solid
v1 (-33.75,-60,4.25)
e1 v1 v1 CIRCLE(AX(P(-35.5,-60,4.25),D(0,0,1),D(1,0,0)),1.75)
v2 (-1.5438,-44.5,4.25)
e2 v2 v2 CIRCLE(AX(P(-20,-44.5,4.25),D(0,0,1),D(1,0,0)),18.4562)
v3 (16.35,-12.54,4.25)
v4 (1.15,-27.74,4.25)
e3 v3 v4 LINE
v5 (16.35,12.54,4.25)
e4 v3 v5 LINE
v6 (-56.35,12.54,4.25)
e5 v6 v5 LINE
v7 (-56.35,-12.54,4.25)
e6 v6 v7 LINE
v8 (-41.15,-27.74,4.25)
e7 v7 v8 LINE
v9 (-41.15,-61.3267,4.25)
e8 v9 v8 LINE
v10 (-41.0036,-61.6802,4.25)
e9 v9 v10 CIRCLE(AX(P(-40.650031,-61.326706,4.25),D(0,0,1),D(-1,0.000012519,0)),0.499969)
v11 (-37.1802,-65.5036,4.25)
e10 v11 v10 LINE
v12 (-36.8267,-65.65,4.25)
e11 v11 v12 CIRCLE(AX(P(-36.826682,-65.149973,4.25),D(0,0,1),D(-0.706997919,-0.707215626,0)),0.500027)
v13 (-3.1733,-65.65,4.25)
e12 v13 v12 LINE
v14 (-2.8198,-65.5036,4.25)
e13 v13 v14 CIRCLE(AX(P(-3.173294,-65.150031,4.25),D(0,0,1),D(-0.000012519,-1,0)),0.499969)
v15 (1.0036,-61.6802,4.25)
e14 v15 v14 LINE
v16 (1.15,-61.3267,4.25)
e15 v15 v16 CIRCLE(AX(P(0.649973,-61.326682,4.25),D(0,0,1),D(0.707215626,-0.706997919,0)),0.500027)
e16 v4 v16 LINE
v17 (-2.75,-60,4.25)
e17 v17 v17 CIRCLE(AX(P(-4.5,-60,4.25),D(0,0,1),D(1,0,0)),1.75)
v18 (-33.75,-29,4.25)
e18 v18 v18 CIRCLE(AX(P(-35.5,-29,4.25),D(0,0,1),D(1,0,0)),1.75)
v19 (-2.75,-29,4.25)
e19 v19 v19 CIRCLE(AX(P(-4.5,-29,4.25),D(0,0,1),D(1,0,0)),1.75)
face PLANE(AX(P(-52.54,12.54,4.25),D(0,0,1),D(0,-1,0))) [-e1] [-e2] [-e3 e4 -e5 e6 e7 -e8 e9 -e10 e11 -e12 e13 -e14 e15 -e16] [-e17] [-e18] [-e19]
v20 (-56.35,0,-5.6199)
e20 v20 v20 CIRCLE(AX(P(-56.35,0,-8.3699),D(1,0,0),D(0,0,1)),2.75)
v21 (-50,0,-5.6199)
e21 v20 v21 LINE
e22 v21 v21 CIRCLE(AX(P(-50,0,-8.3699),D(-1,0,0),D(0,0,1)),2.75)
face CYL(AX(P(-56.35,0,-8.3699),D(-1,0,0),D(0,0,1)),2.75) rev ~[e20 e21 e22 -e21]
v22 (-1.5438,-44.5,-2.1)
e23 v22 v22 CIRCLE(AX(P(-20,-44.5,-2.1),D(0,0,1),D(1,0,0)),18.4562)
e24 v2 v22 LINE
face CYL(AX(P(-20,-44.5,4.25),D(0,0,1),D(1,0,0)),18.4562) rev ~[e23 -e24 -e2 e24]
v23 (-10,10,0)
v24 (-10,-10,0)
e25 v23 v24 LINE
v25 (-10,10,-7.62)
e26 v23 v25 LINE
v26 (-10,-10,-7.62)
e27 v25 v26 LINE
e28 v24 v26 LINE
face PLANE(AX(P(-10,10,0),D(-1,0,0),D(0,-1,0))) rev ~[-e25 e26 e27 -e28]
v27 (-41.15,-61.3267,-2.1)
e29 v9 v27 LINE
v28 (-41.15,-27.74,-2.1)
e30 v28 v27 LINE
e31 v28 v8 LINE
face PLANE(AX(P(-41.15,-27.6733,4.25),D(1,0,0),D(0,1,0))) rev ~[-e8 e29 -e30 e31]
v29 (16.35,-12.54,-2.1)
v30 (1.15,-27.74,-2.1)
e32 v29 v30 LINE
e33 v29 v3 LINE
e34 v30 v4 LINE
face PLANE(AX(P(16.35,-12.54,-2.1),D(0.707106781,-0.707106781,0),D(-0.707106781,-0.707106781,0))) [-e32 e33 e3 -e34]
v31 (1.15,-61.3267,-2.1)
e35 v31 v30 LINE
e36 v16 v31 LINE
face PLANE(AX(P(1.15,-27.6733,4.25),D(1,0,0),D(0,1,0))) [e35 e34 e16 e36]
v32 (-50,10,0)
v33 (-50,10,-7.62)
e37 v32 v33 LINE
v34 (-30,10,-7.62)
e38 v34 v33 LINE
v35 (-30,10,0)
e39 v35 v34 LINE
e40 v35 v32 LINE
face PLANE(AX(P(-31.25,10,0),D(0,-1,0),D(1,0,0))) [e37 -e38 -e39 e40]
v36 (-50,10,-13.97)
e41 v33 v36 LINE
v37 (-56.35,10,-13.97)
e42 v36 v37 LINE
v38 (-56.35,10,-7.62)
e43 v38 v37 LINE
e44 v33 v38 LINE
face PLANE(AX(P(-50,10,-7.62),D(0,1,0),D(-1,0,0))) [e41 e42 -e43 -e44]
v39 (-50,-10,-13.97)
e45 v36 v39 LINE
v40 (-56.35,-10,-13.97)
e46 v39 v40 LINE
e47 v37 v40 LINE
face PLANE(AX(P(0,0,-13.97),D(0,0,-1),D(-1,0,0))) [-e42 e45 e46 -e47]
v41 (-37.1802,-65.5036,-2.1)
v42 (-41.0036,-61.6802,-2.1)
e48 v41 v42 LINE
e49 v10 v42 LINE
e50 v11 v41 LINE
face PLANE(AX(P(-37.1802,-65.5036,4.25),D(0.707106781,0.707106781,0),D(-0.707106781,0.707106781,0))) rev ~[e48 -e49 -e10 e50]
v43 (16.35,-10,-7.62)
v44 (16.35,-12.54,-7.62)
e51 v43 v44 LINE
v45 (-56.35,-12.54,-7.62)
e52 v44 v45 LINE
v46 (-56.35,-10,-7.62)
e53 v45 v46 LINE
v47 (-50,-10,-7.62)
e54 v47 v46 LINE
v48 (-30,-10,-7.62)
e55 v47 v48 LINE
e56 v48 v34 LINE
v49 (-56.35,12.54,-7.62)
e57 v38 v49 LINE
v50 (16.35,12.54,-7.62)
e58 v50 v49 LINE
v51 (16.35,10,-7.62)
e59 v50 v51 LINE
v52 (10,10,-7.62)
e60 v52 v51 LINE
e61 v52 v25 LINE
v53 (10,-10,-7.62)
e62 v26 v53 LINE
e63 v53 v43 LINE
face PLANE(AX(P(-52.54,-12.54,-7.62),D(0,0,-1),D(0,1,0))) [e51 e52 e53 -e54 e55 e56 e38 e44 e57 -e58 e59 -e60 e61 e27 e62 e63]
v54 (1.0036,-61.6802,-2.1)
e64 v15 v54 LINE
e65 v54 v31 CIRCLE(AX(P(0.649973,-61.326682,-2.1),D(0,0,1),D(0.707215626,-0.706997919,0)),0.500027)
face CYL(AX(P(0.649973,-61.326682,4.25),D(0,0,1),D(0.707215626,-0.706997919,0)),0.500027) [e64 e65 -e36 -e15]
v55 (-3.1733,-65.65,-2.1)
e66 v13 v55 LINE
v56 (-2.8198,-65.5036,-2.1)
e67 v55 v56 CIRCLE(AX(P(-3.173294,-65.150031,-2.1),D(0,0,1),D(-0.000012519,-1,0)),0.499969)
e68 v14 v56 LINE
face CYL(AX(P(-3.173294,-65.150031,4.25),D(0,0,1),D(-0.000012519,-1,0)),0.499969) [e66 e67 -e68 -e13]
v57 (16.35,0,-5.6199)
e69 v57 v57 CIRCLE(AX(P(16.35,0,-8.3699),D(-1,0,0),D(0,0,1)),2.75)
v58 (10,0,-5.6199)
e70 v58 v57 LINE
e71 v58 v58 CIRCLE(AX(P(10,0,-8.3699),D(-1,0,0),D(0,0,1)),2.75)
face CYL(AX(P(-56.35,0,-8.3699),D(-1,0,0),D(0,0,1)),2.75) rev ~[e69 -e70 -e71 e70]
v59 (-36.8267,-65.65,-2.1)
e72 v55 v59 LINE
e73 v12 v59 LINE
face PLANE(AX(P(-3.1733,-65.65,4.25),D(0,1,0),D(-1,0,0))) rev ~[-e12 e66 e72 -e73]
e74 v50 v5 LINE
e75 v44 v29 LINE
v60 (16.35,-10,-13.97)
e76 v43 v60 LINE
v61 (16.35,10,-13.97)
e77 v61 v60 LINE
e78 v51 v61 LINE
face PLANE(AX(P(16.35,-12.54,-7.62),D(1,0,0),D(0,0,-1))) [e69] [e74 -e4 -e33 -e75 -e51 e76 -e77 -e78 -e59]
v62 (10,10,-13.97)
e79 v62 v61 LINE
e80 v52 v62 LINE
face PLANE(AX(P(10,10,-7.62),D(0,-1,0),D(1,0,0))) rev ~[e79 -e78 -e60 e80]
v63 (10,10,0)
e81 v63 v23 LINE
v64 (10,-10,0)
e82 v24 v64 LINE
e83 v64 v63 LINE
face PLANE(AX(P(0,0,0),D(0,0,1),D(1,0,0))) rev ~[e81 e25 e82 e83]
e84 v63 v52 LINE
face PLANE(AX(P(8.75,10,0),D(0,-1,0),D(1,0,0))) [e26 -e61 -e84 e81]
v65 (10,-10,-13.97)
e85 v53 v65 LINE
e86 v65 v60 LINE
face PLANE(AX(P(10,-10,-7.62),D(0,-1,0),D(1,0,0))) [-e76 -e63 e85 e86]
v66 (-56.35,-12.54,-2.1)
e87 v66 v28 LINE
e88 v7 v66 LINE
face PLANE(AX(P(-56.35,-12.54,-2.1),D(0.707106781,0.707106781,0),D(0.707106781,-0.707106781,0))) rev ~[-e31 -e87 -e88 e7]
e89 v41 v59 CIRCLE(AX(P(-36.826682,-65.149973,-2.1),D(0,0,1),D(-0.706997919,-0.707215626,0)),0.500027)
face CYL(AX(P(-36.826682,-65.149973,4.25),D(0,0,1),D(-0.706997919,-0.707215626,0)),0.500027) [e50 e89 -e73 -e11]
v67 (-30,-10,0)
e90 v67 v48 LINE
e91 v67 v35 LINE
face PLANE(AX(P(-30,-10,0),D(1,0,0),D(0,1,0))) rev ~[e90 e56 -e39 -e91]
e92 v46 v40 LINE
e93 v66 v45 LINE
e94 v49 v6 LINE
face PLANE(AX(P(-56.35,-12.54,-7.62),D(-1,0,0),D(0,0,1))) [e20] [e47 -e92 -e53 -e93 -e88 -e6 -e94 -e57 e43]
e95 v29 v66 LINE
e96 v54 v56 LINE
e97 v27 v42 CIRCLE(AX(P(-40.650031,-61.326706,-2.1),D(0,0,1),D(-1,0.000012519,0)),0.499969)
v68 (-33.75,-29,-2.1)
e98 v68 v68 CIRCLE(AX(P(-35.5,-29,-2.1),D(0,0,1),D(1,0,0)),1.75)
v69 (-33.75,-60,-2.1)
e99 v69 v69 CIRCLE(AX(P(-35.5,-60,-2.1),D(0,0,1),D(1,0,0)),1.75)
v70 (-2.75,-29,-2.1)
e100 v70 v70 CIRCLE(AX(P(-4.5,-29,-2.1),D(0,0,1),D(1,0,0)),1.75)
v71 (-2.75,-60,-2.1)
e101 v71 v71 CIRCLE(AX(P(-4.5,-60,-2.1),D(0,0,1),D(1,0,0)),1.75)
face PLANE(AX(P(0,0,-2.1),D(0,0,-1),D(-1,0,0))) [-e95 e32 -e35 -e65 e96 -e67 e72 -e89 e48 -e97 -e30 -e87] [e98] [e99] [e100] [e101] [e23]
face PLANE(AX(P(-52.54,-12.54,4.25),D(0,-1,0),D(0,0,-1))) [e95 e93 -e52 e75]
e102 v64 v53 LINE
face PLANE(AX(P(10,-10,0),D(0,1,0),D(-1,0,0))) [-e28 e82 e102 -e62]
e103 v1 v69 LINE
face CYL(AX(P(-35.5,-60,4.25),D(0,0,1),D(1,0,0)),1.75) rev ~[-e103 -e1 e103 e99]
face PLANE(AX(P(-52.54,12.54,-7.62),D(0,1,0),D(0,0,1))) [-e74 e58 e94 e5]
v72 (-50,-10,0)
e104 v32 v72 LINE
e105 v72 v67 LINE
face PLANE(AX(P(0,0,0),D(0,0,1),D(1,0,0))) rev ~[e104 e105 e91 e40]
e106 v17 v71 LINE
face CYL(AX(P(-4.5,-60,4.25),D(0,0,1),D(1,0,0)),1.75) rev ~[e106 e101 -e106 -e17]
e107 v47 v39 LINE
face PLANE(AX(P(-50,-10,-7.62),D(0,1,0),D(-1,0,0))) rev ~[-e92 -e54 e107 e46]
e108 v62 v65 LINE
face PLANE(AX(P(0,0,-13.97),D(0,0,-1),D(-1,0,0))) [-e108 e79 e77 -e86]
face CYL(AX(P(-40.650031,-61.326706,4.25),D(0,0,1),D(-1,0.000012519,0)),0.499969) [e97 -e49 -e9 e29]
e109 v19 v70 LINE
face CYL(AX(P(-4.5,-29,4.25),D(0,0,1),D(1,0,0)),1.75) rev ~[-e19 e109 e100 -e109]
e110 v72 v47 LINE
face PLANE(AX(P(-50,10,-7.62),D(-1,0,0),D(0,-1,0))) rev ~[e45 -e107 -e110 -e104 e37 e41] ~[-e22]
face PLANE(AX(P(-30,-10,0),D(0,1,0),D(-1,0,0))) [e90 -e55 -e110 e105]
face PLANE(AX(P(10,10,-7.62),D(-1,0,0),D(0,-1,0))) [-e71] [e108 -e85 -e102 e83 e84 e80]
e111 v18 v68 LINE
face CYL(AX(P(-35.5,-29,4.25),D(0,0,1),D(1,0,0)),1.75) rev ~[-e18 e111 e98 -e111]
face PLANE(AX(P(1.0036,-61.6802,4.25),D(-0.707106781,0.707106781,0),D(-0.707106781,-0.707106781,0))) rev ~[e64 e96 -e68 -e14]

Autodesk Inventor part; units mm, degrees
ref_plane "YZ Plane" through (0, 0, 0) normal (1, 0, 0) x (0, 1, 0)
ref_plane "XZ Plane" through (0, 0, 0) normal (0, 1, 0) x (-1, 0, 0)
ref_plane "XY Plane" through (0, 0, 0) normal (0, 0, 1) x (1, 0, 0)
sketch "Sketch1" plane through (0, 0, 0) normal (0, 0, 1) x (1, 0, 0)
  circle A0 centre (-40, 0) radius 2.5 projected
  arc A1 (-31.25, -10) -> (-30, -8.75) centre (-31.25, -8.75) ccw projected
  line L0 (-30, -3.6) -> (-30, -8.75) projected
  line L1 (-30.5, -3.1) -> (-30, -3.6) projected
  line L2 (-31.6, -3.1) -> (-30.5, -3.1) projected
  line L3 (-31.6, -5.5) -> (-31.6, -3.1) projected
  line L4 (-33.534, -5.5) -> (-31.6, -5.5) projected
  line L5 (-35.9, -3.134) -> (-33.534, -5.5) projected
  line L6 (-35.9, 3.134) -> (-35.9, -3.134) projected
  line L7 (-33.534, 5.5) -> (-35.9, 3.134) projected
  line L8 (-31.6, 5.5) -> (-33.534, 5.5) projected
  line L9 (-31.6, 3.1) -> (-31.6, 5.5) projected
  line L10 (-30.5, 3.1) -> (-31.6, 3.1) projected
  line L11 (-30, 3.6) -> (-30.5, 3.1) projected
  line L12 (-30, 8.75) -> (-30, 3.6) projected
  arc A2 (-30, 8.75) -> (-31.25, 10) centre (-31.25, 8.75) ccw projected
  line L13 (-36.4, 10) -> (-31.25, 10) projected
  line L14 (-36.9, 9.5) -> (-36.4, 10) projected
  line L15 (-36.9, 8.4) -> (-36.9, 9.5) projected
  line L16 (-34.5, 8.4) -> (-36.9, 8.4) projected
  line L17 (-34.5, 6.466) -> (-34.5, 8.4) projected
  line L18 (-36.866, 4.1) -> (-34.5, 6.466) projected
  line L19 (-43.134, 4.1) -> (-36.866, 4.1) projected
  line L20 (-45.5, 6.466) -> (-43.134, 4.1) projected
  line L21 (-45.5, 8.4) -> (-45.5, 6.466) projected
  line L22 (-43.1, 8.4) -> (-45.5, 8.4) projected
  line L23 (-43.1, 9.5) -> (-43.1, 8.4) projected
  line L24 (-43.6, 10) -> (-43.1, 9.5) projected
  line L25 (-48.75, 10) -> (-43.6, 10) projected
  arc A3 (-48.75, 10) -> (-50, 8.75) centre (-48.75, 8.75) ccw projected
  line L26 (-50, 3.6) -> (-50, 8.75) projected
  line L27 (-49.5, 3.1) -> (-50, 3.6) projected
  line L28 (-48.4, 3.1) -> (-49.5, 3.1) projected
  line L29 (-48.4, 5.5) -> (-48.4, 3.1) projected
  line L30 (-46.466, 5.5) -> (-48.4, 5.5) projected
  line L31 (-44.1, 3.134) -> (-46.466, 5.5) projected
  line L32 (-44.1, -3.134) -> (-44.1, 3.134) projected
  line L33 (-46.466, -5.5) -> (-44.1, -3.134) projected
  line L34 (-48.4, -5.5) -> (-46.466, -5.5) projected
  line L35 (-48.4, -3.1) -> (-48.4, -5.5) projected
  line L36 (-49.5, -3.1) -> (-48.4, -3.1) projected
  line L37 (-50, -3.6) -> (-49.5, -3.1) projected
  line L38 (-50, -8.75) -> (-50, -3.6) projected
  arc A4 (-50, -8.75) -> (-48.75, -10) centre (-48.75, -8.75) ccw projected
  line L39 (-43.6, -10) -> (-48.75, -10) projected
  line L40 (-43.1, -9.5) -> (-43.6, -10) projected
  line L41 (-43.1, -8.4) -> (-43.1, -9.5) projected
  line L42 (-45.5, -8.4) -> (-43.1, -8.4) projected
  line L43 (-45.5, -6.466) -> (-45.5, -8.4) projected
  line L44 (-43.134, -4.1) -> (-45.5, -6.466) projected
  line L45 (-36.866, -4.1) -> (-43.134, -4.1) projected
  line L46 (-34.5, -6.466) -> (-36.866, -4.1) projected
  line L47 (-34.5, -8.4) -> (-34.5, -6.466) projected
  line L48 (-36.9, -8.4) -> (-34.5, -8.4) projected
  line L49 (-36.9, -9.5) -> (-36.9, -8.4) projected
  line L50 (-36.4, -10) -> (-36.9, -9.5) projected
  line L51 (-31.25, -10) -> (-36.4, -10) projected
  circle A5 centre (0, 0) radius 2.5 projected
  arc A6 (8.75, -10) -> (10, -8.75) centre (8.75, -8.75) ccw projected
  line L52 (10, -3.6) -> (10, -8.75) projected
  line L53 (9.5, -3.1) -> (10, -3.6) projected
  line L54 (8.4, -3.1) -> (9.5, -3.1) projected
  line L55 (8.4, -5.5) -> (8.4, -3.1) projected
  line L56 (6.466, -5.5) -> (8.4, -5.5) projected
  line L57 (4.1, -3.134) -> (6.466, -5.5) projected
  line L58 (4.1, 3.134) -> (4.1, -3.134) projected
  line L59 (6.466, 5.5) -> (4.1, 3.134) projected
  line L60 (8.4, 5.5) -> (6.466, 5.5) projected
  line L61 (8.4, 3.1) -> (8.4, 5.5) projected
  line L62 (9.5, 3.1) -> (8.4, 3.1) projected
  line L63 (10, 3.6) -> (9.5, 3.1) projected
  line L64 (10, 8.75) -> (10, 3.6) projected
  arc A7 (10, 8.75) -> (8.75, 10) centre (8.75, 8.75) ccw projected
  line L65 (3.6, 10) -> (8.75, 10) projected
  line L66 (3.1, 9.5) -> (3.6, 10) projected
  line L67 (3.1, 8.4) -> (3.1, 9.5) projected
  line L68 (5.5, 8.4) -> (3.1, 8.4) projected
  line L69 (5.5, 6.466) -> (5.5, 8.4) projected
  line L70 (3.134, 4.1) -> (5.5, 6.466) projected
  line L71 (-3.134, 4.1) -> (3.134, 4.1) projected
  line L72 (-5.5, 6.466) -> (-3.134, 4.1) projected
  line L73 (-5.5, 8.4) -> (-5.5, 6.466) projected
  line L74 (-3.1, 8.4) -> (-5.5, 8.4) projected
  line L75 (-3.1, 9.5) -> (-3.1, 8.4) projected
  line L76 (-3.6, 10) -> (-3.1, 9.5) projected
  line L77 (-8.75, 10) -> (-3.6, 10) projected
  arc A8 (-8.75, 10) -> (-10, 8.75) centre (-8.75, 8.75) ccw projected
  line L78 (-10, 3.6) -> (-10, 8.75) projected
  line L79 (-9.5, 3.1) -> (-10, 3.6) projected
  line L80 (-8.4, 3.1) -> (-9.5, 3.1) projected
  line L81 (-8.4, 5.5) -> (-8.4, 3.1) projected
  line L82 (-6.466, 5.5) -> (-8.4, 5.5) projected
  line L83 (-4.1, 3.134) -> (-6.466, 5.5) projected
  line L84 (-4.1, -3.134) -> (-4.1, 3.134) projected
  line L85 (-6.466, -5.5) -> (-4.1, -3.134) projected
  line L86 (-8.4, -5.5) -> (-6.466, -5.5) projected
  line L87 (-8.4, -3.1) -> (-8.4, -5.5) projected
  line L88 (-9.5, -3.1) -> (-8.4, -3.1) projected
  line L89 (-10, -3.6) -> (-9.5, -3.1) projected
  line L90 (-10, -8.75) -> (-10, -3.6) projected
  arc A9 (-10, -8.75) -> (-8.75, -10) centre (-8.75, -8.75) ccw projected
  line L91 (-3.6, -10) -> (-8.75, -10) projected
  line L92 (-3.1, -9.5) -> (-3.6, -10) projected
  line L93 (-3.1, -8.4) -> (-3.1, -9.5) projected
  line L94 (-5.5, -8.4) -> (-3.1, -8.4) projected
  line L95 (-5.5, -6.466) -> (-5.5, -8.4) projected
  line L96 (-3.134, -4.1) -> (-5.5, -6.466) projected
  line L97 (3.134, -4.1) -> (-3.134, -4.1) projected
  line L98 (5.5, -6.466) -> (3.134, -4.1) projected
  line L99 (5.5, -8.4) -> (5.5, -6.466) projected
  line L100 (3.1, -8.4) -> (5.5, -8.4) projected
  line L101 (3.1, -9.5) -> (3.1, -8.4) projected
  line L102 (3.6, -10) -> (3.1, -9.5) projected
  line L103 (8.75, -10) -> (3.6, -10) projected
  line L104 (-50, -10) -> (-50, 10)
  line L105 (10, 10) -> (10, -10)
  line L106 (-30, -10) -> (-30, 10)
  line L107 (-10, 10) -> (-10, -10)
  line L108 (-52.54, -12.54) -> (12.54, -12.54)
  line L109 (12.54, -12.54) -> (12.54, 12.54)
  line L110 (12.54, 12.54) -> (-52.54, 12.54)
  line L111 (-52.54, 12.54) -> (-52.54, -12.54)
  line L112 (10, -10) -> (-10, -10)
  line L113 (-30, -10) -> (-50, -10)
  line L114 (-50, 10) -> (-30, 10)
  line L115 (-10, 10) -> (10, 10)
  point P0 (0, 0)
extrude "Extrusion1" add sketch "Sketch1" against normal blind 7.62 contours L111 L110 L109 L108
sketch "Sketch2" plane through (0, 0, 0) normal (0, 0, 1) x (1, 0, 0)
  line L0 (-52.54, -12.54) -> (-52.54, 12.54) projected
  line L1 (12.54, -12.54) -> (12.54, 12.54) projected
  line L2 (-52.54, -12.54) -> (12.54, -12.54)
  line L3 (12.54, -12.54) -> (12.54, 12.54)
  line L4 (12.54, 12.54) -> (-52.54, 12.54)
  line L5 (-52.54, 12.54) -> (-52.54, -12.54)
  point P0 (0, 0)
extrude "Extrusion2" add sketch "Sketch2" along normal blind 4.25
sketch "Sketch4" plane through (0, 0, 4.25) normal (0, 0, 1) x (1, 0, 0)
  line L0 (-52.54, -12.54) -> (12.54, -12.54) projected
  line L1 (12.54, -12.54) -> (12.54, 12.54) projected
  line L2 (12.54, 12.54) -> (-52.54, 12.54) projected
  line L3 (-52.54, 12.54) -> (-52.54, -12.54) projected
  line L4 (-36.8267, -23.35) -> (-3.1733, -23.35) projected
  arc A0 (-2.8198, -23.4964) -> (-3.1733, -23.35) centre (-3.1733, -23.85) ccw projected
  line L5 (-2.8198, -23.4964) -> (1.0036, -27.3198) projected
  arc A1 (1.15, -27.6733) -> (1.0036, -27.3198) centre (0.65, -27.6733) ccw projected
  line L6 (1.15, -27.6733) -> (1.15, -61.3267) projected
  arc A2 (1.0036, -61.6802) -> (1.15, -61.3267) centre (0.65, -61.3267) ccw projected
  line L7 (1.0036, -61.6802) -> (-2.8198, -65.5036) projected
  arc A3 (-3.1733, -65.65) -> (-2.8198, -65.5036) centre (-3.1733, -65.15) ccw projected
  line L8 (-3.1733, -65.65) -> (-36.8267, -65.65) projected
  arc A4 (-37.1802, -65.5036) -> (-36.8267, -65.65) centre (-36.8267, -65.15) ccw projected
  line L9 (-37.1802, -65.5036) -> (-41.0036, -61.6802) projected
  arc A5 (-41.15, -61.3267) -> (-41.0036, -61.6802) centre (-40.65, -61.3267) ccw projected
  line L10 (-41.15, -61.3267) -> (-41.15, -27.6733) projected
  arc A6 (-41.0036, -27.3198) -> (-41.15, -27.6733) centre (-40.65, -27.6733) ccw projected
  line L11 (-41.0036, -27.3198) -> (-37.1802, -23.4964) projected
  arc A7 (-36.8267, -23.35) -> (-37.1802, -23.4964) centre (-36.8267, -23.85) ccw projected
  circle A8 centre (-4.5, -29) radius 1.75 projected
  circle A9 centre (-35.5, -29) radius 1.75 projected
  circle A10 centre (-35.5, -60) radius 1.75 projected
  circle A11 centre (-4.5, -60) radius 1.75 projected
  circle A12 centre (-20, -44.5) radius 17 projected
  line L12 (-41.15, -27.6733) -> (-41.15, -12.54)
  line L13 (-51.3494, -12.54) -> (11.3494, -12.54) projected
  line L14 (1.15, -27.6733) -> (1.15, -12.54)
  circle A13 centre (-20, -44.5) radius 18.4562
  point P0 (0, 0)
extrude "Extrusion3" add sketch "Sketch4" against normal blind 6.35 contours L0 L14 A1 L5 A0 L4 A7 L11 A6 L12 | A6 L11 A7 L4 A0 L5 A1 L6 A2 L7 A3 L8 A4 L9 A5 L10
sketch "Sketch7" plane through (12.54, -12.54, -7.62) normal (1, 0, 0) x (0, 0, -1)
  line L0 (-7.62, 22.54) -> (-7.62, 2.54) projected
  line L1 (0, 0) -> (-11.87, 0) projected
  line L2 (0, 25.08) -> (0, 0) projected
  line L3 (0, 25.08) -> (-11.87, 25.08) projected
  line L4 (-11.87, 0) -> (-11.87, 25.08) projected
  point P0 (-7.62, 12.54)
extrude "Extrusion5" add sketch "Sketch7" along normal blind 3.81
sketch "Sketch8" plane through (-52.54, -12.54, -7.62) normal (-1, 0, 0) x (0, 0, 1)
  line L0 (0, 25.08) -> (11.87, 25.08) projected
  line L1 (0, 0) -> (0, 25.08) projected
  line L2 (11.87, 0) -> (0, 0) projected
  line L3 (11.87, 25.08) -> (11.87, 0) projected
  point P0 (7.62, 12.54)
extrude "Extrusion6" add sketch "Sketch8" along normal blind 3.81
sketch "Sketch9" plane through (0, 0, -2.1) normal (0, 0, -1) x (-1, 0, 0)
  line L0 (-1.15, -12.54) -> (-16.35, -12.54) projected
  line L1 (-16.35, -12.54) -> (-1.15, -27.74)
  line L2 (56.35, -12.54) -> (56.35, 12.54) projected
  line L3 (56.35, -12.54) -> (41.15, -27.74)
  line L4 (41.15, -12.54) -> (41.15, -61.3267) projected
  line L5 (-1.15, -12.54) -> (-1.15, -61.3267) projected
  line L6 (-1.15, -12.54) -> (41.15, -12.54) projected
  line L7 (41.15, -12.54) -> (56.35, -12.54) projected
  line L8 (41.15, -12.54) -> (56.35, -12.54)
  line L9 (41.15, -12.54) -> (41.15, -27.74)
  line L10 (-1.15, -61.3267) -> (-1.15, -12.54) projected
  line L11 (-1.15, -27.74) -> (-1.15, -12.54)
  line L12 (-1.15, -12.54) -> (-16.35, -12.54)
  point P0 (0, 0)
  dimension "d16" = 45
  dimension "d17" = 45
extrude "Extrusion7" add sketch "Sketch9" against normal up to surface (6.35 mm away)
sketch "Sketch10" plane through (0, 0, -7.62) normal (0, 0, -1) x (-1, 0, 0)
  line L0 (-16.35, 12.54) -> (-16.35, -12.54) projected
  line L1 (-10, 10) -> (-10, -10)
  line L2 (-10, -10) -> (-16.35, -10)
  line L3 (-16.35, -10) -> (-16.35, 10)
  line L4 (56.35, 12.54) -> (56.35, -12.54) projected
  line L5 (50, 10) -> (50, -10)
  line L6 (50, -10) -> (56.35, -10)
  line L7 (56.35, -10) -> (56.35, 10)
  line L8 (-10, -10) -> (-10, 10) projected
  line L9 (50, 10) -> (50, -10) projected
  line L10 (10, -10) -> (-10, -10) projected
  line L11 (-10, 10) -> (10, 10) projected
  line L12 (-10, 10) -> (-16.35, 10)
  line L13 (30, 10) -> (50, 10) projected
  line L14 (50, 10) -> (56.35, 10)
  point P0 (0, 0)
  dimension "d20" = 0
  dimension "d21" = 0
  dimension "d30" = 0
extrude "Extrusion8" add sketch "Sketch10" along normal blind 6.35
sketch "Sketch11" plane through (-56.35, -12.54, -7.62) normal (-1, 0, 0) x (0, 0, 1)
  line L0 (5.52, 2.54) -> (-6.35, 2.54) projected
  line L1 (-6.35, 2.54) -> (15.282, 2.54)
  line L2 (-6.35, 2.54) -> (-6.35, 22.54) projected
  line L3 (-6.35, 22.54) -> (2.1036, 22.54)
  line L4 (7.62, 22.54) -> (0, 22.54) projected
  circle A0 centre (-0.7499, 12.54) radius 2.75
  line L5 (-0.7499, 12.54) -> (-0.7499, 22.54)
  line L6 (-0.7499, 12.54) -> (-0.7499, 2.54)
  line L7 (0, 2.54) -> (-6.35, 2.54) projected
  point P0 (7.62, 12.54)
  point P1 (5.52, 0)
  dimension "d32" = 5.5
extrude "Extrusion9" cut sketch "Sketch11" against normal through all contours L6 L5 A0 | A0 L5 L6
sketch "Sketch12" plane through (-30, -10, 0) normal (-1, 0, 0) x (0, 0, 1)
  arc A0 (-7.62, 7.3542) -> (-7.62, 12.6458) centre (-8.3699, 10) ccw projected
  line L0 (-7.62, 7.3542) -> (-7.62, 12.6458)
  point P0 (0, 10)
extrude "Extrusion10" add sketch "Sketch12" against normal up to surface (20 mm away)
properties part number "motorBracketY"
